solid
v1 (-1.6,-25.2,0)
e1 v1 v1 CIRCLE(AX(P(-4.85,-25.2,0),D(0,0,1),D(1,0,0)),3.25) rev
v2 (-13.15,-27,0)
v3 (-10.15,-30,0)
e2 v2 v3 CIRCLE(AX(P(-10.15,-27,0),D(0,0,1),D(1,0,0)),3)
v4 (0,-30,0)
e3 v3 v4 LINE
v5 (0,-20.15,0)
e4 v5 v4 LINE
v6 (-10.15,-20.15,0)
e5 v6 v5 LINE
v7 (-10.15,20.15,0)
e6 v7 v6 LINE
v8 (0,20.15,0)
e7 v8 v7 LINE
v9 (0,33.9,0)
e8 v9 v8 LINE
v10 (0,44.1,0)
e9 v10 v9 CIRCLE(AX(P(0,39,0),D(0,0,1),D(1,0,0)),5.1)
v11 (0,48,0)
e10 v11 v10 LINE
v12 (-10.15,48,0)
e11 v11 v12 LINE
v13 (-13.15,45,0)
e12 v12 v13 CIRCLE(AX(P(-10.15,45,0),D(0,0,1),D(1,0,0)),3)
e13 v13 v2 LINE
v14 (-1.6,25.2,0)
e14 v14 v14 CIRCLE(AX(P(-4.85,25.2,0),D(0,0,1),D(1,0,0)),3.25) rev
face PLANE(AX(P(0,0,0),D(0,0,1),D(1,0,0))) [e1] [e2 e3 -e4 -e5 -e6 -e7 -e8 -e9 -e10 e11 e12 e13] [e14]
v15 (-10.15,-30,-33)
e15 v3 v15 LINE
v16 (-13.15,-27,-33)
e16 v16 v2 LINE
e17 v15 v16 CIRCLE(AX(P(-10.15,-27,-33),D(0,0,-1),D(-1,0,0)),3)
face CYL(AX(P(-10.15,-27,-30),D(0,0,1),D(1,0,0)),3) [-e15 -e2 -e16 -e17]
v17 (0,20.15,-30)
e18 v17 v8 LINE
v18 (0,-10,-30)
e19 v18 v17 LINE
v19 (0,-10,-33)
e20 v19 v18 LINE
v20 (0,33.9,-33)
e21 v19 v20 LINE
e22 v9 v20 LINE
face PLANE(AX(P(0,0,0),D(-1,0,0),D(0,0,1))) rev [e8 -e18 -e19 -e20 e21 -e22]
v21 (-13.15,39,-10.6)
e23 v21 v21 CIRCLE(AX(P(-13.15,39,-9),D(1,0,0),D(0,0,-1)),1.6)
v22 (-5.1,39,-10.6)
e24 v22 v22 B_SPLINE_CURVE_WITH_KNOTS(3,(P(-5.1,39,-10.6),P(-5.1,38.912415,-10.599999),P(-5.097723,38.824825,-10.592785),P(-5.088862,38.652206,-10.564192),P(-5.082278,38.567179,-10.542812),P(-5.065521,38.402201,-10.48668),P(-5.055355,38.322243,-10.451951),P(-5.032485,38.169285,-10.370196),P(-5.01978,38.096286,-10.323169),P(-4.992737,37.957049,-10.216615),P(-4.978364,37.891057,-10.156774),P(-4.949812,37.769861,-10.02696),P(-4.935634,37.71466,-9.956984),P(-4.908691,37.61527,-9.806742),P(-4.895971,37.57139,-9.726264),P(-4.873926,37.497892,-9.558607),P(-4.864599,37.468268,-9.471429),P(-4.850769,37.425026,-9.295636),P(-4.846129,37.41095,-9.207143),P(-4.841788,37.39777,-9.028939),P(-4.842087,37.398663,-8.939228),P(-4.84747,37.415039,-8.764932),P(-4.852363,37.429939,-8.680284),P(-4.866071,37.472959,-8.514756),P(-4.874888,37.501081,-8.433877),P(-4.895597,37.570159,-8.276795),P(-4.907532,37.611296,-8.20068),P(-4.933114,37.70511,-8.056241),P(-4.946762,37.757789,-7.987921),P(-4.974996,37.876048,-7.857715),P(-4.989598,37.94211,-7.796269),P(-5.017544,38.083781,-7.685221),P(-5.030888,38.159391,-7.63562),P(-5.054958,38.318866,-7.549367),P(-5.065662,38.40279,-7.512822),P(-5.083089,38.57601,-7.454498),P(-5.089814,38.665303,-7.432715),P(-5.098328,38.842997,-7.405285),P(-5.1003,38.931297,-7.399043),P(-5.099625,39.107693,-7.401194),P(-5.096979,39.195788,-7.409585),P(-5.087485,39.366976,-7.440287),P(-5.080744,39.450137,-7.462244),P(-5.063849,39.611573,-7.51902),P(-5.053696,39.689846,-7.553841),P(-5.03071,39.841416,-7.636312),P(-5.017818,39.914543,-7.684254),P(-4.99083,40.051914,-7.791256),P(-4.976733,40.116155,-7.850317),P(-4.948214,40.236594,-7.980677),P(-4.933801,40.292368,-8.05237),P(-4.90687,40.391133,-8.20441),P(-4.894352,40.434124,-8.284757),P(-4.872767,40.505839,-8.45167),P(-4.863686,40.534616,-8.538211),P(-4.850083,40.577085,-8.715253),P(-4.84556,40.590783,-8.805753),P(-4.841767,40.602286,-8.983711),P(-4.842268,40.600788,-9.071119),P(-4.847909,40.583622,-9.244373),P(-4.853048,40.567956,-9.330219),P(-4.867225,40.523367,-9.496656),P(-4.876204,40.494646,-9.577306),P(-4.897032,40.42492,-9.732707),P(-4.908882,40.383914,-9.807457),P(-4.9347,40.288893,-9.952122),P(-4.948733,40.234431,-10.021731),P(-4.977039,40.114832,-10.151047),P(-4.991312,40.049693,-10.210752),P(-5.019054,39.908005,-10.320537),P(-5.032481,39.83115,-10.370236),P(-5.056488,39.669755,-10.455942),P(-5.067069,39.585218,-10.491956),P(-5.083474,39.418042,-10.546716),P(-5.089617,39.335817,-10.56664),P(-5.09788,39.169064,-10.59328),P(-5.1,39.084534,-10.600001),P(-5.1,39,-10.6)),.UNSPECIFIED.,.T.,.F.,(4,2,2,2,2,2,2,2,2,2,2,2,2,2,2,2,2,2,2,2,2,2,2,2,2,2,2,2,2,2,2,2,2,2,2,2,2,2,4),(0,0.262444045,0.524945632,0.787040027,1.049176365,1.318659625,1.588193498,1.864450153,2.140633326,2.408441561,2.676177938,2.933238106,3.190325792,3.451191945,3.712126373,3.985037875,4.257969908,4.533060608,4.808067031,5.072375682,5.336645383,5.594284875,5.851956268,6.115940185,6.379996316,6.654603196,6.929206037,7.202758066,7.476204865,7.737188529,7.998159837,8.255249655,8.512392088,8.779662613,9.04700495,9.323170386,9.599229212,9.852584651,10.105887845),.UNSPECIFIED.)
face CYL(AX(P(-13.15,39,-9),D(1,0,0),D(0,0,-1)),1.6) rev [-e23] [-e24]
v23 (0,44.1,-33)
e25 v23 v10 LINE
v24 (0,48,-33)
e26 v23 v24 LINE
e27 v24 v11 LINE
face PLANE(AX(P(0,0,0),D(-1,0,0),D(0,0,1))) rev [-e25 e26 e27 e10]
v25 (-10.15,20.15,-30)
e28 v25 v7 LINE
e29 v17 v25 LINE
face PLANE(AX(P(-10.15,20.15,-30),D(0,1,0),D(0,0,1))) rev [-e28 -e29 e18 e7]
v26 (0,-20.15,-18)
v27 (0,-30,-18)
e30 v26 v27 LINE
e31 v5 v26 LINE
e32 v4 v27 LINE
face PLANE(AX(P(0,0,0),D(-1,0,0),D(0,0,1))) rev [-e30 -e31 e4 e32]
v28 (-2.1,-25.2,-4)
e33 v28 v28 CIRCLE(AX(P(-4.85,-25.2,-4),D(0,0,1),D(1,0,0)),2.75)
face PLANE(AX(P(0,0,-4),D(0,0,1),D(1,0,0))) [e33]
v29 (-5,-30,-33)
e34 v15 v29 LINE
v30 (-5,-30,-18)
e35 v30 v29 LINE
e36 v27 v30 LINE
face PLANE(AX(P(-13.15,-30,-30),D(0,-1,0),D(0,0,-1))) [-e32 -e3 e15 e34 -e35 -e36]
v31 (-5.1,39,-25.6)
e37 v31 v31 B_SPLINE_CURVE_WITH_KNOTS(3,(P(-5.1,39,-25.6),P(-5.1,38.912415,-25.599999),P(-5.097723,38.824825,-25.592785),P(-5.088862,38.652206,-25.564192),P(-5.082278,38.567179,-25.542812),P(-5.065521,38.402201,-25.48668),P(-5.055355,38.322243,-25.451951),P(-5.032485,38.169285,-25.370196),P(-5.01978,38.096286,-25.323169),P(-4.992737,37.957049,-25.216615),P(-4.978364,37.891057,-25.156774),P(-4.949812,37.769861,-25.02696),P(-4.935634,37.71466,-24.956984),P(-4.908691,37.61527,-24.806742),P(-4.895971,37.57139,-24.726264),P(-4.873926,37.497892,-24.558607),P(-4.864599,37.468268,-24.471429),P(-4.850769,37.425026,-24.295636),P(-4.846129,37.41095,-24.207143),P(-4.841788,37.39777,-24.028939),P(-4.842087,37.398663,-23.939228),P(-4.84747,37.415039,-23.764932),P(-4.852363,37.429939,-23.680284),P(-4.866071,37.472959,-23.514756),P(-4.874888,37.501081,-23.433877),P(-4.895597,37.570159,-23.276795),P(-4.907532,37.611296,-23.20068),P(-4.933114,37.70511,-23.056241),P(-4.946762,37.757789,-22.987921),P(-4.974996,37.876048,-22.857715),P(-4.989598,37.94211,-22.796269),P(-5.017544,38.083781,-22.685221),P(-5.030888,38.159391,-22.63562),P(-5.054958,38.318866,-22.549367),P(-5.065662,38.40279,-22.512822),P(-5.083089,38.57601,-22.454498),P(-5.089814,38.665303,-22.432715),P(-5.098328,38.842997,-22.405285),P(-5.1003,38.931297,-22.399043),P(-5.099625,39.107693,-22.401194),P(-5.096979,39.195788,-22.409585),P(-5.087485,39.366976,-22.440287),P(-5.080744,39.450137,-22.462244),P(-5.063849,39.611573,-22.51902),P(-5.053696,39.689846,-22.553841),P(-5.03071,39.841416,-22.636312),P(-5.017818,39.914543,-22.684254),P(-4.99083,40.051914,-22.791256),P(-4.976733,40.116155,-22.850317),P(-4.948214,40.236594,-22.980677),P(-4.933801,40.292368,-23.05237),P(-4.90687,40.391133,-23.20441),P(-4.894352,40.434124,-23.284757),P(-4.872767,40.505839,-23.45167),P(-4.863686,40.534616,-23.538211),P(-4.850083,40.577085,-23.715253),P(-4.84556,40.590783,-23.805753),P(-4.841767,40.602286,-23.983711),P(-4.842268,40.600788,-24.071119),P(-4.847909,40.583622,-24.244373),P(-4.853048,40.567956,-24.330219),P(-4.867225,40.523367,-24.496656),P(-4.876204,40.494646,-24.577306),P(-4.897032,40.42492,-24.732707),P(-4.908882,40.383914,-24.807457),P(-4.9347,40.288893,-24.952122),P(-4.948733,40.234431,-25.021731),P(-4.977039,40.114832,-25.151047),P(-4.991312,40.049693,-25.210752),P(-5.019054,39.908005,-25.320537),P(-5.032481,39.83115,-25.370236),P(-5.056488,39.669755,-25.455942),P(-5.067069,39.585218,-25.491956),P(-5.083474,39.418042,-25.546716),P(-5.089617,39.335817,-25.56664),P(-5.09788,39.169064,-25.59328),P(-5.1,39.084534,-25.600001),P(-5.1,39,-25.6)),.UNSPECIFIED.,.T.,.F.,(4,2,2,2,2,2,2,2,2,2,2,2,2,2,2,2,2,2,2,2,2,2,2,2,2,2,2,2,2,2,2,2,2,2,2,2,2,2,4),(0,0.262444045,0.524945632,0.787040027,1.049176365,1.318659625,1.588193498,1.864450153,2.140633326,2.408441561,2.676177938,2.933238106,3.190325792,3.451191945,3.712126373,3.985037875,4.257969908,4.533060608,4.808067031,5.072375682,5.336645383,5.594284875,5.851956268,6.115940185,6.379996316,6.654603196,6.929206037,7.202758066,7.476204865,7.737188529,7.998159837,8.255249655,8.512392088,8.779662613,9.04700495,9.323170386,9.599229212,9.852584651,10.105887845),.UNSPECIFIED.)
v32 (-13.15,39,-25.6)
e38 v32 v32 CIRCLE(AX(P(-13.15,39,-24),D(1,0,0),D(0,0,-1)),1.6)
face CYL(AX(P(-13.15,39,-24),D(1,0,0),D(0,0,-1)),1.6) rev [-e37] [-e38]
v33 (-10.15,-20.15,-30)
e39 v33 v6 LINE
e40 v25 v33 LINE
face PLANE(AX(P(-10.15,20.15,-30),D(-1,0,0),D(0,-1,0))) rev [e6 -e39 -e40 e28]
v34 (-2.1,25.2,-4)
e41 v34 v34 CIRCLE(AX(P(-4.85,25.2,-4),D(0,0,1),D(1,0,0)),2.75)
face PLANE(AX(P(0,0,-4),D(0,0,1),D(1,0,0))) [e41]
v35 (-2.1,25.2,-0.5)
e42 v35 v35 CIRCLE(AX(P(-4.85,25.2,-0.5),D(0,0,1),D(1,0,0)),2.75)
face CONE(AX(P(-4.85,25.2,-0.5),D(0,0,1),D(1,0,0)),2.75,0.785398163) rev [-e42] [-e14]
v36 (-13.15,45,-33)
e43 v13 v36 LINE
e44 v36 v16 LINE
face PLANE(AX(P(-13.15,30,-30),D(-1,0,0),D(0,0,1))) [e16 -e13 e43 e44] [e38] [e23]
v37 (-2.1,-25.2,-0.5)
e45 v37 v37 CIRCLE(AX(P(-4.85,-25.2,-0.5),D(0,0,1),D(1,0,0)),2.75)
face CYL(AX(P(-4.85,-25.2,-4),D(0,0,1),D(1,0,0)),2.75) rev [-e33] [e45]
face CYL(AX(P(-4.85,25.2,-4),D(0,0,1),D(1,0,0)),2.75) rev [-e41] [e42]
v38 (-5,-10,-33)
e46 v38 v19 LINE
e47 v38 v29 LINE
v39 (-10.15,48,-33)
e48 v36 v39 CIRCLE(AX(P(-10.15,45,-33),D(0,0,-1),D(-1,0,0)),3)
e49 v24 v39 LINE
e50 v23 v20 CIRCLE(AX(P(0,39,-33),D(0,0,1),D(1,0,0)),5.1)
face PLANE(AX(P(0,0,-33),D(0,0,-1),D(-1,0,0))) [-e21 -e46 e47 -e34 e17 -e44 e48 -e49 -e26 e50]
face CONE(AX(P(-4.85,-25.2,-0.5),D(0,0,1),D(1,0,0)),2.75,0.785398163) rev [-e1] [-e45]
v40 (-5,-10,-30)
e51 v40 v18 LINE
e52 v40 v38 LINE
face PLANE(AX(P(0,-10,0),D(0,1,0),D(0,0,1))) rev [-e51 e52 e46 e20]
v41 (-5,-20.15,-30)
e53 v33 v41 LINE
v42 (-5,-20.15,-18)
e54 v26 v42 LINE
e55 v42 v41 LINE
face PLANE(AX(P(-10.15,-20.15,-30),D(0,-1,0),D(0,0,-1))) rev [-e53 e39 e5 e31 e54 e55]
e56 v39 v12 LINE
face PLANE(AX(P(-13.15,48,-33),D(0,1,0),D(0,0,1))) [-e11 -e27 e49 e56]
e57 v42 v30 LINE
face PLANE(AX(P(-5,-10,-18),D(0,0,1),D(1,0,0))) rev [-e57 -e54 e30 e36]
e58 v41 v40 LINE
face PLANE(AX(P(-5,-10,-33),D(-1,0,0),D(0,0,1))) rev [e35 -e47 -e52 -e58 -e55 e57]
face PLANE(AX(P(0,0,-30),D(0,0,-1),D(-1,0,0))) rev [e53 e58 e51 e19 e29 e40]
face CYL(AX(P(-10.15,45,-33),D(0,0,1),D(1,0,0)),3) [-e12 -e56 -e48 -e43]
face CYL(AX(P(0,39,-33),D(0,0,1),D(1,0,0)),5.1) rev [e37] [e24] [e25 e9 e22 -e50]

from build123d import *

# Parameters (mm, degrees)
SKETCH1_W           = 26.3
SKETCH1_H           = 60
SKETCH1_W_2         = 20.3
SKETCH1_H_2         = 40.3
BOSS_EXTRUDE1_DEPTH = 30
BOSS_EXTRUDE2_START = -30
SKETCH1_2_W         = 26.3
SKETCH1_2_H         = 60
BOSS_EXTRUDE2_DEPTH = 3
SKETCH2_W           = 26.3
SKETCH2_H           = 18
SKETCH2_R           = 5.1
BOSS_EXTRUDE3_DEPTH = 33
SKETCH3_W           = 10
SKETCH3_H           = 15
CUT_EXTRUDE1_DEPTH  = 20
CUT_EXTRUDE2_DEPTH  = 64.911579545
FILLET1_R           = 3
SKETCH5_R           = 2.75
CUT_EXTRUDE3_DEPTH  = 4
CHAMFER1_SIZE       = 0.5


with BuildPart() as part:
    # Sketch1 → Boss-Extrude1 (new body)
    with BuildSketch(Plane.XY):
        Rectangle(SKETCH1_W, SKETCH1_H)
        Rectangle(SKETCH1_W_2, SKETCH1_H_2, mode=Mode.SUBTRACT)
    extrude(amount=-BOSS_EXTRUDE1_DEPTH)

    # Sketch1<2> → Boss-Extrude2 (add)
    with BuildSketch(Plane.XY.offset(BOSS_EXTRUDE2_START)):
        Rectangle(SKETCH1_2_W, SKETCH1_2_H)
    extrude(amount=-BOSS_EXTRUDE2_DEPTH)

    # Sketch2 → Boss-Extrude3 (add)
    with BuildSketch(Plane.XY):
        with Locations((0, 39)):
            Rectangle(SKETCH2_W, SKETCH2_H)
        with Locations((0, 39)):
            Circle(SKETCH2_R, mode=Mode.SUBTRACT)
    extrude(amount=-BOSS_EXTRUDE3_DEPTH)

    # Sketch3 → Cut-Extrude1 (cut)
    with BuildSketch(Plane.XZ.offset(30)):
        with Locations((0, -25.5)):
            Rectangle(SKETCH3_W, SKETCH3_H)
    extrude(amount=-CUT_EXTRUDE1_DEPTH, mode=Mode.SUBTRACT)

    # Sketch4 → Cut-Extrude2 (cut, through all)
    with BuildSketch(Plane(origin=(13.15, 0, 0), x_dir=(0, 0, -1), z_dir=(1, 0, 0))):
        with BuildLine():
            ThreePointArc((7.4, 39), (9, 37.4), (10.6, 39))
            Line((10.6, 39), (7.4, 39))
        make_face()
        with BuildLine():
            Line((7.4, 39), (10.6, 39))
            ThreePointArc((10.6, 39), (9, 40.6), (7.4, 39))
        make_face()
        with BuildLine():
            ThreePointArc((22.4, 39), (24, 37.4), (25.6, 39))
            Line((25.6, 39), (22.4, 39))
        make_face()
        with BuildLine():
            Line((22.4, 39), (25.6, 39))
            ThreePointArc((25.6, 39), (24, 40.6), (22.4, 39))
        make_face()
    extrude(amount=-CUT_EXTRUDE2_DEPTH, mode=Mode.SUBTRACT)

    # Fillet1
    fillet1_edges = [part.edges().sort_by_distance(p)[0] for p in [
        (-13.15, 48, -16.5),
        (13.15, 48, -16.5),
        (13.15, -30, -16.5),
        (-13.15, -30, -16.5),
    ]]
    fillet(fillet1_edges, radius=FILLET1_R)

    # Sketch5 → Cut-Extrude3 (cut)
    with BuildSketch(Plane.XY):
        with Locations((5.15, 25.2)):
            Circle(SKETCH5_R)
        with Locations((-4.85, 25.2)):
            Circle(SKETCH5_R)
        with Locations((5.15, -25.2)):
            Circle(SKETCH5_R)
        with Locations((-4.85, -25.2)):
            Circle(SKETCH5_R)
    extrude(amount=-CUT_EXTRUDE3_DEPTH, mode=Mode.SUBTRACT)

    # Chamfer1
    chamfer1_edges = [part.edges().sort_by_distance(p)[0] for p in [
        (-7.6, 25.2, 0),
        (2.4, -25.2, 0),
        (-7.6, -25.2, 0),
        (2.4, 25.2, 0),
    ]]
    chamfer(chamfer1_edges, length=CHAMFER1_SIZE)

    # SurfaceCut2
    split(bisect_by=Plane.ZY, keep=Keep.TOP)


solid = part.part
